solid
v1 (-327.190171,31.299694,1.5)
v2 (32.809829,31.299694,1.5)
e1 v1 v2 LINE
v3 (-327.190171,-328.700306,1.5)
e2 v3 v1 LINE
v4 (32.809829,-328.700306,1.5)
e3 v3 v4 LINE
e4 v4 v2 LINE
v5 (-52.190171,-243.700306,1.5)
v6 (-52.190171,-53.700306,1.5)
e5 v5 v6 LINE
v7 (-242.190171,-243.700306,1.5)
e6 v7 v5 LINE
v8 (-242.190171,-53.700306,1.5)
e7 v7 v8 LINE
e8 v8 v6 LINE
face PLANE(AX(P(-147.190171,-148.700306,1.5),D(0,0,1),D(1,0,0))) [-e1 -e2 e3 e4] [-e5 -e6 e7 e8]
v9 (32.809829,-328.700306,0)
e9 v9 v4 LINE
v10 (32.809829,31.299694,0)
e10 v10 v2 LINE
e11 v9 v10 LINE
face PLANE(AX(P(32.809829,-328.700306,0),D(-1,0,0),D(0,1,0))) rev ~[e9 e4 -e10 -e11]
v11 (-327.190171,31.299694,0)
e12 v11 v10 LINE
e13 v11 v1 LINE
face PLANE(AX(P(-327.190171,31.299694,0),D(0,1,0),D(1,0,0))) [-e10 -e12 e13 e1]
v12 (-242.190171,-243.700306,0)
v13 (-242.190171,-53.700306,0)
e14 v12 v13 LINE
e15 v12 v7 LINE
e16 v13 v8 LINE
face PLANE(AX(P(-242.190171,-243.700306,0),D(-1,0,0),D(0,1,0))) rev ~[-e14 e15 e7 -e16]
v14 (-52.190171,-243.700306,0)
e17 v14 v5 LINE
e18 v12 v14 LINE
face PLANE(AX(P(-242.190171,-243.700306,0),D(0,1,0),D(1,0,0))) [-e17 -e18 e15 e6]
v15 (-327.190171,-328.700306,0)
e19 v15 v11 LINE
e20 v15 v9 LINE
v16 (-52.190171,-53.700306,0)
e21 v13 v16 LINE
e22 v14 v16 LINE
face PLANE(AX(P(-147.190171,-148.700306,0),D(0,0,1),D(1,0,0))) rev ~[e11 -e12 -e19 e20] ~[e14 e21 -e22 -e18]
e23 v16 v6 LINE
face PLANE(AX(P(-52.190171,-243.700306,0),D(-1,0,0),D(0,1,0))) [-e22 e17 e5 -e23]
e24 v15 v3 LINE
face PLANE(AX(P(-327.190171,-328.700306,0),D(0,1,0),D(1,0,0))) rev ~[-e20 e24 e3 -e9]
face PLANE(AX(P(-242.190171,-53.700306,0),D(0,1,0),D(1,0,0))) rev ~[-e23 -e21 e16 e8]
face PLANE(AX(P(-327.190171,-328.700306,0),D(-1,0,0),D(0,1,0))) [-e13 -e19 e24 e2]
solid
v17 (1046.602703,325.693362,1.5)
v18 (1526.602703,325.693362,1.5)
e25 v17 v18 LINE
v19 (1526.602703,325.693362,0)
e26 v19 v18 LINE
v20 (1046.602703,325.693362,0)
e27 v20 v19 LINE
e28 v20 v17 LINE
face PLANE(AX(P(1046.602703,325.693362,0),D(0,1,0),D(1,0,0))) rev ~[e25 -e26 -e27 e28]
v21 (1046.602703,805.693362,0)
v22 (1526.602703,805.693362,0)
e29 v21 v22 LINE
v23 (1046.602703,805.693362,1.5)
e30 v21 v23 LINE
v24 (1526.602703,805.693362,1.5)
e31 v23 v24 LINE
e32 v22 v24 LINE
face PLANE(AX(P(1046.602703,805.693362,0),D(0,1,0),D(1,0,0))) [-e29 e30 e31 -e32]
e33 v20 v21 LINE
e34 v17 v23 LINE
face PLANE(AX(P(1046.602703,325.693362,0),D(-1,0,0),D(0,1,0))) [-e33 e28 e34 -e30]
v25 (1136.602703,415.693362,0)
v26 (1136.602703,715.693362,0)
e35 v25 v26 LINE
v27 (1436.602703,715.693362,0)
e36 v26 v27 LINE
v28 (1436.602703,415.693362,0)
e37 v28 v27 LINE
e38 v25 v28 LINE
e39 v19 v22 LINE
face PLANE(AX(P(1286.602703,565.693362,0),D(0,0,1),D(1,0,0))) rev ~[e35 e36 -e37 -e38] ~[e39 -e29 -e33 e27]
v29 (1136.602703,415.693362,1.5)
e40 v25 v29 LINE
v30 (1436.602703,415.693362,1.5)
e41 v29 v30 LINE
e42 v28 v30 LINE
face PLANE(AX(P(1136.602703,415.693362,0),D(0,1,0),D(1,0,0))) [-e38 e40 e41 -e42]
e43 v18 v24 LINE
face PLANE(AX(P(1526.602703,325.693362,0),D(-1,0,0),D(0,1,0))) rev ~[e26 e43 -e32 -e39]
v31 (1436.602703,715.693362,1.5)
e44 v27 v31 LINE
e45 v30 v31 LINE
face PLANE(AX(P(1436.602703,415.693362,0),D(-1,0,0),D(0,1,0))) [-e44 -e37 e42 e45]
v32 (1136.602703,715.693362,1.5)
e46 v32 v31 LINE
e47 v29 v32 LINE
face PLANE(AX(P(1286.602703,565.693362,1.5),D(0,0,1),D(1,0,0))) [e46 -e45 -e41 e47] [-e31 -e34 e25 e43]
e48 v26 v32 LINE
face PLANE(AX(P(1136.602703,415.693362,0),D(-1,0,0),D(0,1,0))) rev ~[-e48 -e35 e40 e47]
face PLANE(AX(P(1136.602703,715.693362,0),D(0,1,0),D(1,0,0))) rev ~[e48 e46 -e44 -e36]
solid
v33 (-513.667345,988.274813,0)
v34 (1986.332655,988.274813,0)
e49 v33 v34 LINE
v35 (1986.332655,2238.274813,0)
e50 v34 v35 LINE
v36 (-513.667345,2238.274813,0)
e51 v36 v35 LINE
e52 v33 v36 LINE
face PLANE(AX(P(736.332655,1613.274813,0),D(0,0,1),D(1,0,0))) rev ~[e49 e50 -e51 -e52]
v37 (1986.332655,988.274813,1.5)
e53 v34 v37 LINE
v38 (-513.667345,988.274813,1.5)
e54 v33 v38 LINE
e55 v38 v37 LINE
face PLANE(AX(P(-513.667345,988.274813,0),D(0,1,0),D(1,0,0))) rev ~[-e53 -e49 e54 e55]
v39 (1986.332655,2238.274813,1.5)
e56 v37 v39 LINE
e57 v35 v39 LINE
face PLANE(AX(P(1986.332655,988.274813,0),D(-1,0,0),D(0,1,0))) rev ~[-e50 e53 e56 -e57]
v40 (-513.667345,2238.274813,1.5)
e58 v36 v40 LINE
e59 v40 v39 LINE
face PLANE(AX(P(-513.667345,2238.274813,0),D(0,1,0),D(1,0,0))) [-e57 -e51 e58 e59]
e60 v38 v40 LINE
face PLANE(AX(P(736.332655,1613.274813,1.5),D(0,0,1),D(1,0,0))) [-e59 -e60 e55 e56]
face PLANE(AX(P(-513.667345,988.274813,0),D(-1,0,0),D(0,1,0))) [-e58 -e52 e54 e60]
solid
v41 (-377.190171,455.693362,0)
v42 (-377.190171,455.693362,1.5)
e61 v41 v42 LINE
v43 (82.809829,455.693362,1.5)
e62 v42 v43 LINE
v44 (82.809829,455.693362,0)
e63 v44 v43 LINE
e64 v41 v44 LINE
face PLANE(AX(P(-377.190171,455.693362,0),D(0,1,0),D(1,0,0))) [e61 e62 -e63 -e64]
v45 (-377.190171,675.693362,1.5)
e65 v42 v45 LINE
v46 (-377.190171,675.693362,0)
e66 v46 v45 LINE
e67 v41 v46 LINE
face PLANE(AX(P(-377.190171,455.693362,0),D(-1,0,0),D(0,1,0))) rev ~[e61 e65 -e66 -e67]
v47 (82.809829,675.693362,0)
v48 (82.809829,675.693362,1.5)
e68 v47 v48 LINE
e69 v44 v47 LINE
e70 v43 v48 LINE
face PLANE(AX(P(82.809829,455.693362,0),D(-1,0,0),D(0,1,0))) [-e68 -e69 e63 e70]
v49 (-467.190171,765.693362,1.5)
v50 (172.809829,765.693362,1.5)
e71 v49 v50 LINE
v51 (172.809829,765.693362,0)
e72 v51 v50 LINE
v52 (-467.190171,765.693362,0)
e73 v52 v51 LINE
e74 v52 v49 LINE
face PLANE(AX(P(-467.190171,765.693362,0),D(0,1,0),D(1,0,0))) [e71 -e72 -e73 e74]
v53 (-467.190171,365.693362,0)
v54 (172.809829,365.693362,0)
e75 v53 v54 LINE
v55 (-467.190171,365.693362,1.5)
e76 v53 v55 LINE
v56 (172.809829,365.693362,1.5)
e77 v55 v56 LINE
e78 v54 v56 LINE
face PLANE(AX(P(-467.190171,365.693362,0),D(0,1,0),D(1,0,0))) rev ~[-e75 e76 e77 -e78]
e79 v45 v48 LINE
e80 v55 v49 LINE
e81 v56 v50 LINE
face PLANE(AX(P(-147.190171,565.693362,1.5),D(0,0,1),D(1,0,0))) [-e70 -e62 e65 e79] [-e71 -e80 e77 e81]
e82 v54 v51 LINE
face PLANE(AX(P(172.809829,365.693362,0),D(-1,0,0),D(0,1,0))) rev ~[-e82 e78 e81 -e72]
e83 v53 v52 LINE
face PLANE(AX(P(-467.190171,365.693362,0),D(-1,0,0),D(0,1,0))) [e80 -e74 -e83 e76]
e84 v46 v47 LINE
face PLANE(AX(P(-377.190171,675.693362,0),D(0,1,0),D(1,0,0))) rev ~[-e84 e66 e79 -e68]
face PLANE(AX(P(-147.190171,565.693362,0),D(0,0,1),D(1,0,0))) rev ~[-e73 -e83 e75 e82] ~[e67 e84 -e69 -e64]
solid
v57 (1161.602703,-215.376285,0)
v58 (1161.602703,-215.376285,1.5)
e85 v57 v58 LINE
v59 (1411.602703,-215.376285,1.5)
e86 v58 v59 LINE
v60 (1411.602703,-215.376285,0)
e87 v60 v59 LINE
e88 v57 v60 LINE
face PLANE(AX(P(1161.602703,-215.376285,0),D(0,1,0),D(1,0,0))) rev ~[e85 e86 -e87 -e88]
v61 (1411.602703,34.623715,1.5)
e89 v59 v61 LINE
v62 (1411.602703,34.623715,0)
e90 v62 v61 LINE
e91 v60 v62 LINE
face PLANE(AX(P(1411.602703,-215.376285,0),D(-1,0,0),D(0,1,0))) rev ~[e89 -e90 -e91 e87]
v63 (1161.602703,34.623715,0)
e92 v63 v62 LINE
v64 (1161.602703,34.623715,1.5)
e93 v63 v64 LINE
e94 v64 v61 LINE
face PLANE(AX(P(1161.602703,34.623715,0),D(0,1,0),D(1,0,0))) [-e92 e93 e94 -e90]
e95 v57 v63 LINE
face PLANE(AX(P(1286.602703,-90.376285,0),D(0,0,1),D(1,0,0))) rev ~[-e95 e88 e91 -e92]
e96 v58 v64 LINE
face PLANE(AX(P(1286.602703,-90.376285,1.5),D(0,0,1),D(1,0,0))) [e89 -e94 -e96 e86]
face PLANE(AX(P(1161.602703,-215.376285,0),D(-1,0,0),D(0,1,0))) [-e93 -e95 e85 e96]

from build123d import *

# Parameters (mm, degrees)
F0_W     = 640
F0_H     = 400
F0_W_2   = 460
F0_H_2   = 220
F1_DEPTH = 1.5
F0_W_3   = 480
F0_H_3   = 480
F0_W_4   = 300
F0_H_4   = 300
F0_W_5   = 250
F0_H_5   = 250
F0_W_6   = 360
F0_H_6   = 360
F0_W_7   = 190
F0_H_7   = 190
F2_DEPTH = 1.5
F3_W     = 2500
F3_H     = 1250
F4_DEPTH = 1.5


with BuildPart() as f1:
    # F0 (on Top) → F1 (new body)
    with BuildSketch(Plane.XY):
        with Locations((-147.190171, 565.693362)):
            Rectangle(F0_W, F0_H)
        with Locations((-147.190171, 565.693362)):
            Rectangle(F0_W_2, F0_H_2, mode=Mode.SUBTRACT)
    extrude(amount=F1_DEPTH)


with BuildPart() as f2:
    # F0 (on Top) → F2 (new body)
    with BuildSketch(Plane.XY):
        with Locations((1286.602703, 565.693362)):
            Rectangle(F0_W_3, F0_H_3)
        with Locations((1286.602703, 565.693362)):
            Rectangle(F0_W_4, F0_H_4, mode=Mode.SUBTRACT)
        with Locations((1286.602703, -90.376285)):
            Rectangle(F0_W_5, F0_H_5)
        with Locations((-147.190171, -148.700306)):
            Rectangle(F0_W_6, F0_H_6)
        with Locations((-147.190171, -148.700306)):
            Rectangle(F0_W_7, F0_H_7, mode=Mode.SUBTRACT)
    extrude(amount=F2_DEPTH)


with BuildPart() as f4:
    # F3 (on Top) → F4 (new body)
    with BuildSketch(Plane.XY):
        with Locations((736.332655, 1613.274813)):
            Rectangle(F3_W, F3_H)
    extrude(amount=F4_DEPTH)


solid = Compound([f1.part, f2.part, f4.part])
